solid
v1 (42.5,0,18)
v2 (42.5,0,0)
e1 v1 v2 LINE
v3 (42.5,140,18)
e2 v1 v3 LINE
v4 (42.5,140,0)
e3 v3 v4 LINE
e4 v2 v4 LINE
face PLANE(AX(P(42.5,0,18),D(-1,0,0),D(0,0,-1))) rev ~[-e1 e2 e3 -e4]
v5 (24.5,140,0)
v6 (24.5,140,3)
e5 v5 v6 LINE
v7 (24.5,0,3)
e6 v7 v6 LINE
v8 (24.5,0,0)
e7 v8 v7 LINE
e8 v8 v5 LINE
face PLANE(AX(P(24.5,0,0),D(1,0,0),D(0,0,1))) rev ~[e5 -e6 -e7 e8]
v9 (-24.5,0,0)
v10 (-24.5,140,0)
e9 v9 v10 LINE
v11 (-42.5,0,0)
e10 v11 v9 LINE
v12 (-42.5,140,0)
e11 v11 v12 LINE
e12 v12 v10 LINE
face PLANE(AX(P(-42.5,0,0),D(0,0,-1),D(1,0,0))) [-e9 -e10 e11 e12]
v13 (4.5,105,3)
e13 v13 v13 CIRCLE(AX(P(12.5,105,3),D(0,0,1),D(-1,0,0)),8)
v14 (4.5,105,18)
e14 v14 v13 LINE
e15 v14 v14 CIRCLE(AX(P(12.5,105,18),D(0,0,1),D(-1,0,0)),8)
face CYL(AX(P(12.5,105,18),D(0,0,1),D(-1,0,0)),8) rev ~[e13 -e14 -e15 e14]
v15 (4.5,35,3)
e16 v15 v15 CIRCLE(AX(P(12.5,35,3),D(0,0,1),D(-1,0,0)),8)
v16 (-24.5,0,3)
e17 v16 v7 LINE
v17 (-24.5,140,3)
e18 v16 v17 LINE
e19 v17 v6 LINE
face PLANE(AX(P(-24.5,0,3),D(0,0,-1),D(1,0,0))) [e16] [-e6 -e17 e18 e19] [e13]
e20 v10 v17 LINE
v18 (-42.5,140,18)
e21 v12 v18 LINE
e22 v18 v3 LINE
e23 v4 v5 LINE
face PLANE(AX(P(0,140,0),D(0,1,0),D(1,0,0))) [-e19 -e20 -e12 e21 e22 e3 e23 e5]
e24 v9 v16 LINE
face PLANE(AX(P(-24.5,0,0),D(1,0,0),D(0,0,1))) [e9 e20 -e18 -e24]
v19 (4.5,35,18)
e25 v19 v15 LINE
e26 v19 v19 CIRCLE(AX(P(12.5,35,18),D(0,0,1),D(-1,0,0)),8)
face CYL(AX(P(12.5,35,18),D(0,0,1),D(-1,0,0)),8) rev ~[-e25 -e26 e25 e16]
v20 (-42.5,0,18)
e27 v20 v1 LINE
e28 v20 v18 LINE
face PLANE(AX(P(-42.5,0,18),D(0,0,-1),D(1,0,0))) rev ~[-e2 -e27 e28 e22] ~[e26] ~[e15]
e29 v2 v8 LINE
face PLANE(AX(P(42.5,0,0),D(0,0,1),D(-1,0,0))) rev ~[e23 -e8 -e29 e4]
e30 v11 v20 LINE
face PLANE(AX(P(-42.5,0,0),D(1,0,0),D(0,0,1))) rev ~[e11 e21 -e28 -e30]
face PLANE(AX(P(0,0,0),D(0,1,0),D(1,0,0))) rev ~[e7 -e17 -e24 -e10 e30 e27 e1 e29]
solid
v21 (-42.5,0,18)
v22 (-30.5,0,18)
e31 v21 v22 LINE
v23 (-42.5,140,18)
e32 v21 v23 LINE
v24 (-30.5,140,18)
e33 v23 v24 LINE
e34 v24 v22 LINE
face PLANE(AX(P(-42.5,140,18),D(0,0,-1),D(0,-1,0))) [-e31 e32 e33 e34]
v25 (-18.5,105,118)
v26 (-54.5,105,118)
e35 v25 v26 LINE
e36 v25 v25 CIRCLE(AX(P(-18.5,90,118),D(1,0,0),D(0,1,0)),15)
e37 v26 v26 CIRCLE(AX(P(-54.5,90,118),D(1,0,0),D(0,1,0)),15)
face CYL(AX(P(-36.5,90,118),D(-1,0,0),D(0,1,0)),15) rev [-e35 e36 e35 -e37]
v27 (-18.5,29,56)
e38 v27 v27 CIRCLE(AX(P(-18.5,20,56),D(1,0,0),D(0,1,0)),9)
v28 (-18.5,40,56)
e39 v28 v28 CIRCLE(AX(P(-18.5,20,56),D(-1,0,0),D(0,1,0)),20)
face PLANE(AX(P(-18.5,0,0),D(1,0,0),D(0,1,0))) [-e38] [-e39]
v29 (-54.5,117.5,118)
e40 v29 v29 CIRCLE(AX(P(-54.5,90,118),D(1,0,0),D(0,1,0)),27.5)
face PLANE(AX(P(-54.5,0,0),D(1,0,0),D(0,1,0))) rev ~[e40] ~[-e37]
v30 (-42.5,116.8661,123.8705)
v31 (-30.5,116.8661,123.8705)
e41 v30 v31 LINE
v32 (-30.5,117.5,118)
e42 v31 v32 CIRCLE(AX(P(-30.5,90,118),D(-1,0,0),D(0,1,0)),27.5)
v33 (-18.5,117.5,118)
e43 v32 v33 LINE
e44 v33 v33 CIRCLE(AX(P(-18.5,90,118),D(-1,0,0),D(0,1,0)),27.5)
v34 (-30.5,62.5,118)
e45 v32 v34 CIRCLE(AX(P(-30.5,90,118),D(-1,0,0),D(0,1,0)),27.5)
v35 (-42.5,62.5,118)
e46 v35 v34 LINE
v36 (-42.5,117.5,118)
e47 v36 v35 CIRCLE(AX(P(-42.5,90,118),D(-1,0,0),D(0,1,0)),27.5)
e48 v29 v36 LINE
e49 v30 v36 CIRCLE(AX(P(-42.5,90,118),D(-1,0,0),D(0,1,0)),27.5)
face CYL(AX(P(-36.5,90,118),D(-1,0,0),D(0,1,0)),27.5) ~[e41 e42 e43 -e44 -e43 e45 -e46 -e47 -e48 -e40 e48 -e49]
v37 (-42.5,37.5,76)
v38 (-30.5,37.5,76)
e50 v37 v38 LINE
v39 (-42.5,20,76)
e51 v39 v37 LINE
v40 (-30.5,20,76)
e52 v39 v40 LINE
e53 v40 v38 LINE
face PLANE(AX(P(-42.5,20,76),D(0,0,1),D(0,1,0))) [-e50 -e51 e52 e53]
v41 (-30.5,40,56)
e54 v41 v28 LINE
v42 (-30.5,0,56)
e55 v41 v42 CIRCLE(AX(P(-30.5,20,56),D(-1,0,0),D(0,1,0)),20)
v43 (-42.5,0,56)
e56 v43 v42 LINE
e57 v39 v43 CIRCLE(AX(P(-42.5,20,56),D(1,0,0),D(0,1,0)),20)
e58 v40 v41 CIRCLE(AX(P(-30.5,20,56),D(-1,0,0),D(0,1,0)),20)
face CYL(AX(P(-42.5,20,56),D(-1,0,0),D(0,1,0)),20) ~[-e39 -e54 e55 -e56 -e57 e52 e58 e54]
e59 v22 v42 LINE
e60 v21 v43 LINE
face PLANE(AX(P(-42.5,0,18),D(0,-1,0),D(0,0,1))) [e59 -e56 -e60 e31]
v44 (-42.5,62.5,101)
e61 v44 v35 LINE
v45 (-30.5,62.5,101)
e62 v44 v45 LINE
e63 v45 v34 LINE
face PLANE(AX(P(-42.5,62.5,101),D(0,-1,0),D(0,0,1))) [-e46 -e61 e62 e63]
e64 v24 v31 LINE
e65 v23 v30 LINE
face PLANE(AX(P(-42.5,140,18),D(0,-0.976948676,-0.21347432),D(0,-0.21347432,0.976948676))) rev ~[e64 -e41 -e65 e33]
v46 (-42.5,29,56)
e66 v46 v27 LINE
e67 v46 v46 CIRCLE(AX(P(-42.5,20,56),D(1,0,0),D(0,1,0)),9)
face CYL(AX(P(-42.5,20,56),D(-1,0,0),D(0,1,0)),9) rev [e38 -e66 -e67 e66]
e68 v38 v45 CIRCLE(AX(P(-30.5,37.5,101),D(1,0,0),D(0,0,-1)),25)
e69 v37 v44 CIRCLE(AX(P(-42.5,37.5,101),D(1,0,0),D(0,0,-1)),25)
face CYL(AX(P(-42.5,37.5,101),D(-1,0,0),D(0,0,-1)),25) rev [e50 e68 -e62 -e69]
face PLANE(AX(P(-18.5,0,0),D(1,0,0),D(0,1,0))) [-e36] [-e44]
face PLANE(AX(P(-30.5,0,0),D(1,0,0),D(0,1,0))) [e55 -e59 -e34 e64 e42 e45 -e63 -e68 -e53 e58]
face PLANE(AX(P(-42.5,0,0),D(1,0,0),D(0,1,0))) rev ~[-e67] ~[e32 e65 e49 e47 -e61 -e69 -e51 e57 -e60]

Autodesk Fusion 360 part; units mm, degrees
sketch "Sketch1" plane through (0, 0, 0) normal (0, 1, 0) x (1, 0, 0)
  line L0 (-42.5, -18) -> (42.5, -18)
  line L1 (42.5, -18) -> (42.5, 0)
  line L2 (-42.5, 0) -> (-42.5, -18)
  line L3 (-42.5, 0) -> (-24.5, 0)
  line L4 (42.5, 0) -> (24.5, 0)
  line L5 (24.5, 0) -> (24.5, -3)
  line L6 (-24.5, 0) -> (-24.5, -3)
  line L7 (-24.5, -3) -> (24.5, -3)
  line L8 (-42.5, 0) -> (-24.5, 0)
  line L9 (24.5, 0) -> (42.5, 0)
  dimension "d40" = 18
  dimension "d41" = 18
  dimension "d42" = 49
  dimension "d43" = 3
  dimension "d44" = 18
  dimension "d45" = 85
  dimension "d46" = 3
extrude "Extrude1" add sketch "Sketch1" along normal blind 140 makes body 1
sketch "Sketch2" plane through (0, 0, 18) normal (0, 0, 1) x (-1, 0, 0)
  line L0 (42.5, 0) -> (-42.5, 0)
  line L1 (-42.5, 0) -> (-42.5, -140)
  line L2 (-42.5, -140) -> (42.5, -140)
  line L3 (42.5, -140) -> (42.5, 0)
  line L4 (42.5, -140) -> (30.5, -140)
  line L5 (30.5, 0) -> (42.5, 0)
  line L6 (42.5, 0) -> (42.5, -140)
  circle A0 centre (-12.5, -35) radius 8
  circle A1 centre (-12.5, -105) radius 8
  line L7 (42.5, 0) -> (30.5, 0)
  line L8 (30.5, 0) -> (30.5, -140)
  line L9 (30.5, -140) -> (42.5, -140)
  line L10 (42.5, -140) -> (42.5, 0)
  dimension "d14" = 12
  dimension "d15" = 140
extrude "Extrude2" cut sketch "Sketch2" against normal blind 20 contours A0 | A1 bodies 1
sketch "Sketch3" plane through (0, 0, 0) normal (1, 0, 0) x (0, 1, 0)
  line L0 (140, 18) -> (0, 18)
  line L1 (0, 18) -> (0, 56)
  line L2 (0, 18) -> (20, 18)
  circle A0 centre (20, 56) radius 20
  line L3 (140, 18) -> (90, 18)
  circle A1 centre (90, 118) radius 15
  circle A2 centre (90, 118) radius 27.5
  line L4 (20, 76) -> (37.5, 76)
  line L5 (62.5, 101) -> (62.5, 118)
  arc A3 (37.5, 76) -> (62.5, 101) centre (37.5, 101) ccw
  line L6 (140, 18) -> (116.8661, 123.8705)
  circle A4 centre (20, 56) radius 9
  dimension "d20" = 140
  dimension "d22" = 20
  dimension "d23" = 38
  dimension "d24" = 40
  dimension "d25" = 50
  dimension "d29" = 25
  dimension "d30" = 18
extrude "Extrude4" add sketch "Sketch3" along normal blind 12 from surface at -42.5 separate body makes body 2
extrude "Extrude5" add sketch "Sketch3" along normal blind 24 from surface at -42.5 contours A0 bodies 2
extrude "Extrude6" add sketch "Sketch3" along normal mid plane 36 from surface at -36.5 contours A2 bodies 2
